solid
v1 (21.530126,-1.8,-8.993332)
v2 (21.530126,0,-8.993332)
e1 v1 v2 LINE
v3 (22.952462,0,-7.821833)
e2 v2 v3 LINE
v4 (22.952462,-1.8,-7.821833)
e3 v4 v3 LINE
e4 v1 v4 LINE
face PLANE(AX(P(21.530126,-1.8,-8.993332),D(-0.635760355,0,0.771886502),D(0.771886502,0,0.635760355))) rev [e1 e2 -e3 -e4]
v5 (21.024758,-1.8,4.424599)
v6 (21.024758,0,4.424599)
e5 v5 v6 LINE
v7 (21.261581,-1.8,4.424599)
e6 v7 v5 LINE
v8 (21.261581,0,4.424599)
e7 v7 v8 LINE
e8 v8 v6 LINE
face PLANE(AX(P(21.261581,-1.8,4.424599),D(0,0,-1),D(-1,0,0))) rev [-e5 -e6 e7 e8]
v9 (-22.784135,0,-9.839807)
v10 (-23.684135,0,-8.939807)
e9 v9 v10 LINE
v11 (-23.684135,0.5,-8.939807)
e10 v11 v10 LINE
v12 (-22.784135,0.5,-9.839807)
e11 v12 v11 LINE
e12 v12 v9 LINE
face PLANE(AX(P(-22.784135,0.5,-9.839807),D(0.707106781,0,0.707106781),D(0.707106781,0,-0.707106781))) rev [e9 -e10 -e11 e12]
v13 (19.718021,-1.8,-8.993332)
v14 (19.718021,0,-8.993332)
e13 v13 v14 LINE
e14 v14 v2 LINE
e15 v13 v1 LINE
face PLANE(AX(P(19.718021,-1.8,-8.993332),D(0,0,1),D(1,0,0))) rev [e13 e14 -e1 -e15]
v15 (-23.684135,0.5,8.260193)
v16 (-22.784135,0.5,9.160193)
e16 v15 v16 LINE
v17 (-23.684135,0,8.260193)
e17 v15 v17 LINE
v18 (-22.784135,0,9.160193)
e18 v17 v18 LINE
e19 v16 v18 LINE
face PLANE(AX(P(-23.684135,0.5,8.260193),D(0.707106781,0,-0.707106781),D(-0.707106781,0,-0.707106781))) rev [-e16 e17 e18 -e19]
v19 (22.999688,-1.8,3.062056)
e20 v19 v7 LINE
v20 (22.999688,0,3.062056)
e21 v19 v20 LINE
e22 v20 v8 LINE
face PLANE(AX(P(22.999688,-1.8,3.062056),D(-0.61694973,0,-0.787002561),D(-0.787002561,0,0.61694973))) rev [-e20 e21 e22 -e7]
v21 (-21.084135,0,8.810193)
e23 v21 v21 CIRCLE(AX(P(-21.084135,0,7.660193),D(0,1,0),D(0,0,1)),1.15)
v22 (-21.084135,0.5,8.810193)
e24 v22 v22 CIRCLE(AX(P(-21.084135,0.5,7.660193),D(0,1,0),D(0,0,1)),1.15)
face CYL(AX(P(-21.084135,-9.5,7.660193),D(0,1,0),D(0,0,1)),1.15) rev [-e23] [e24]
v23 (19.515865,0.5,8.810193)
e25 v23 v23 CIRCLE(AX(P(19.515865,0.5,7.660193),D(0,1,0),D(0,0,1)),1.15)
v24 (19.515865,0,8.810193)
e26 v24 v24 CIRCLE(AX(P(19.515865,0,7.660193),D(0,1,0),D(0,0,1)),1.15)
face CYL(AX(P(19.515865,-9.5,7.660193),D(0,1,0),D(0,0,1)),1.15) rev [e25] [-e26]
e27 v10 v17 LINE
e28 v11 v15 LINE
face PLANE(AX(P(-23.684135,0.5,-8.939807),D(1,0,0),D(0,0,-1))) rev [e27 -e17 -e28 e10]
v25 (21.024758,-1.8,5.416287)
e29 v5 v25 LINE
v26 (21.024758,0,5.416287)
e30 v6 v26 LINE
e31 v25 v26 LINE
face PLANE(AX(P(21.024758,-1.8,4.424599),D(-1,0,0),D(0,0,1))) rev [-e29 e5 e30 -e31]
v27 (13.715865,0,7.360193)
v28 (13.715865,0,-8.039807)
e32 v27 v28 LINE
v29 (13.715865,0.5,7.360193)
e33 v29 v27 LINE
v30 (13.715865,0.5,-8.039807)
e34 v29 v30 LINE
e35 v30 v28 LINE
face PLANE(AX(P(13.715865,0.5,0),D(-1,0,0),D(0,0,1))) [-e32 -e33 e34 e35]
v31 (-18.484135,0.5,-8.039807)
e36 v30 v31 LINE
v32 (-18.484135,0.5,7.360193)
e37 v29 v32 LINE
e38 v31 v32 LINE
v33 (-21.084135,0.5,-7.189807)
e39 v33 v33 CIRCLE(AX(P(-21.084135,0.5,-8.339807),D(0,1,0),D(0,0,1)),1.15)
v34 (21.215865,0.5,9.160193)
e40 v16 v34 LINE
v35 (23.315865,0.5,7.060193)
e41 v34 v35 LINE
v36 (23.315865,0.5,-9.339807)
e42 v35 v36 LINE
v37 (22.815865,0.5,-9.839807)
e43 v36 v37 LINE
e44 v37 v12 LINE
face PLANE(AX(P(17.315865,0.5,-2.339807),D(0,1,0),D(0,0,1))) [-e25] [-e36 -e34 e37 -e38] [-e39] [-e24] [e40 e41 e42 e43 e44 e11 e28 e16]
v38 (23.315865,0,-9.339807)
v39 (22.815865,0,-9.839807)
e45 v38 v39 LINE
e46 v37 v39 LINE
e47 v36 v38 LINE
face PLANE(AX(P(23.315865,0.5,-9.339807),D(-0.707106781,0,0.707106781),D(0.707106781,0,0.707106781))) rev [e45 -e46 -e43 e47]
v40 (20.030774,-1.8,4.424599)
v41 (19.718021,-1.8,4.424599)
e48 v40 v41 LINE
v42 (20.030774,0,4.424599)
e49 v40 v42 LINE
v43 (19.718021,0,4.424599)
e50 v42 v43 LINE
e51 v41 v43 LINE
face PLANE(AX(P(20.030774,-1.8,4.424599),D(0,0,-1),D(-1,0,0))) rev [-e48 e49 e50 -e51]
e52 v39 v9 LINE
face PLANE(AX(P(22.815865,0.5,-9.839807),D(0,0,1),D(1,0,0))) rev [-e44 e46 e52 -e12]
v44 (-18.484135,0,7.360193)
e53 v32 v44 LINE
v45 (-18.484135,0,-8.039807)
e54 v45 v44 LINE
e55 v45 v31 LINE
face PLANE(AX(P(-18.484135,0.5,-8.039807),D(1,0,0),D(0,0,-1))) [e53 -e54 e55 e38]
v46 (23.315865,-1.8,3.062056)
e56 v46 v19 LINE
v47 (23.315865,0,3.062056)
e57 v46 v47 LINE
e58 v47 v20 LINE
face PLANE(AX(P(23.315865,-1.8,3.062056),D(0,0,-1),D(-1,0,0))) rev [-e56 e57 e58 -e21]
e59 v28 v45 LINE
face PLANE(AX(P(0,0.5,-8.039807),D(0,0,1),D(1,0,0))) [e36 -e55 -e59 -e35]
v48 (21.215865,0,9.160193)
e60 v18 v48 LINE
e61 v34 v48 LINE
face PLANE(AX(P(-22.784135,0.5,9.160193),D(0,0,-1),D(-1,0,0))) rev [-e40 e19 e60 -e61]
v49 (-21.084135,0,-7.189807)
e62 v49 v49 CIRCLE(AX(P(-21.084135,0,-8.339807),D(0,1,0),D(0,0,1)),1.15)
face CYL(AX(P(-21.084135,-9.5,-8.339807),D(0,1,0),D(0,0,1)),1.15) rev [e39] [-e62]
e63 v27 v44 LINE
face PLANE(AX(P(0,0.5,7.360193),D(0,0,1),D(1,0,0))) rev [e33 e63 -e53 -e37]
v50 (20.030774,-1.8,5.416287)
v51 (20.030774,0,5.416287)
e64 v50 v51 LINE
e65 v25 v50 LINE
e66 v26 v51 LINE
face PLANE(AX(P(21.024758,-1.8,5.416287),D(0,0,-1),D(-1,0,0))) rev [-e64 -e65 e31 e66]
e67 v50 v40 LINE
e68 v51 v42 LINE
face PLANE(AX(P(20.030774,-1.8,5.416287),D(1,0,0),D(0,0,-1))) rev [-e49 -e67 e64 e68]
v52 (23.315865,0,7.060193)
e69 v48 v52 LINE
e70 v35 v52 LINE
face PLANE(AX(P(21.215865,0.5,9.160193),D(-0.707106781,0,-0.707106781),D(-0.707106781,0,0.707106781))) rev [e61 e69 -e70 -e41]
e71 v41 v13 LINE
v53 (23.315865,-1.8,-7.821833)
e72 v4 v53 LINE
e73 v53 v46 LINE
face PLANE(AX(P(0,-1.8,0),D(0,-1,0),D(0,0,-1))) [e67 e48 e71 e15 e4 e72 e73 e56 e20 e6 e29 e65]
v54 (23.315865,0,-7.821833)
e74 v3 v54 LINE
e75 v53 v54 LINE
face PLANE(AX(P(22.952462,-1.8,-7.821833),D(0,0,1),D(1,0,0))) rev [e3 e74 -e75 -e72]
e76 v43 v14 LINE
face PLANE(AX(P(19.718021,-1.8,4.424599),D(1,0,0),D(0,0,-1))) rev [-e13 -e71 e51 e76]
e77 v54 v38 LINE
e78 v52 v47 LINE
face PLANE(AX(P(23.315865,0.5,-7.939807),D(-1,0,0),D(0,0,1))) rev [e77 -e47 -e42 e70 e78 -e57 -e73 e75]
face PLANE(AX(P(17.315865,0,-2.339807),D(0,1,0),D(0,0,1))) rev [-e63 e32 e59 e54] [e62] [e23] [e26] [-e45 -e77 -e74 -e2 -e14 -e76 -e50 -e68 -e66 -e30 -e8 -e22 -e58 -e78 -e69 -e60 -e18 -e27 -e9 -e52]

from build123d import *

# Parameters (mm, degrees)
EXTRUDE_1_DEPTH     = 0.5
EXTRUDE_2_DEPTH     = 0.5
SKETCH_3_W          = 32.2
SKETCH_3_H          = 15.4
EXTRUDE_3_DEPTH     = 0.5
EXTRUDE_4_DEPTH     = 1.8
SKETCH_7_R          = 1.15
CUT_EXTRUDE_1_DEPTH = 10


with BuildPart() as part:
    # Эскиз1 → Бобышка-Вытянуть1 (new body)
    with BuildSketch(Plane(origin=(0, 0, 0), x_dir=(1, 0, 0), z_dir=(0, 1, 0))):
        with BuildLine():
            Line((22.815864902, 9.839807024), (-22.784135098, 9.839807024))
            Line((-22.784135098, 9.839807024), (-23.684135098, 8.939807024))
            Line((-23.684135098, 8.939807024), (-23.684135098, -8.260192976))
            Line((-23.684135098, -8.260192976), (-22.784135098, -9.160192976))
            Line((-22.784135098, -9.160192976), (21.215864902, -9.160192976))
            Line((21.215864902, -9.160192976), (23.315864902, -7.060192976))
            Line((23.315864902, -7.060192976), (23.315864902, -3.260192976))
            Line((23.315864902, -3.260192976), (23.029007645, -3.260192976))
            ThreePointArc((23.029007645, -3.260192976), (22.159773793, -4.027024735), (21.188848248, -4.660192976))
            Line((21.188848248, -4.660192976), (21.188848248, -5.660192976))
            Line((21.188848248, -5.660192976), (19.888848248, -5.660192976))
            Line((19.888848248, -5.660192976), (19.888848248, -4.660192976))
            Line((19.888848248, -4.660192976), (17.315864902, -4.660192976))
            Line((17.315864902, -4.660192976), (17.315864902, -8.360192976))
            Line((17.315864902, -8.360192976), (-18.884135098, -8.360192976))
            Line((-18.884135098, -8.360192976), (-18.884135098, -6.660192976))
            Line((-18.884135098, -6.660192976), (-19.684135098, -5.860192976))
            Line((-19.684135098, -5.860192976), (-19.684135098, 6.539807024))
            Line((-19.684135098, 6.539807024), (-18.884135098, 7.339807024))
            Line((-18.884135098, 7.339807024), (-18.884135098, 9.039807024))
            Line((-18.884135098, 9.039807024), (17.315864902, 9.039807024))
            Line((17.315864902, 9.039807024), (17.315864902, 8.539807024))
            ThreePointArc((17.315864902, 8.539807024), (18.329503431, 8.456385882), (19.315864902, 8.208367324))
            Line((19.315864902, 8.208367324), (19.315864902, 9.139807024))
            Line((19.315864902, 9.139807024), (21.530126403, 9.139807024))
            ThreePointArc((21.530126403, 9.139807024), (22.315698775, 8.584938027), (23.029007645, 7.939807024))
            Line((23.029007645, 7.939807024), (23.315864902, 7.939807024))
            Line((23.315864902, 7.939807024), (23.315864902, 9.339807024))
            Line((23.315864902, 9.339807024), (22.815864902, 9.839807024))
        make_face()
        with BuildLine():
            ThreePointArc((18.565864902, -7.660192976), (19.515864902, -8.610192976), (20.465864902, -7.660192976))
            ThreePointArc((20.465864902, -7.660192976), (19.515864902, -6.710192976), (18.565864902, -7.660192976))
        make_face(mode=Mode.SUBTRACT)
        with BuildLine():
            ThreePointArc((-22.034135098, -7.660192976), (-21.084135098, -8.610192976), (-20.134135098, -7.660192976))
            ThreePointArc((-20.134135098, -7.660192976), (-21.084135098, -6.710192976), (-22.034135098, -7.660192976))
        make_face(mode=Mode.SUBTRACT)
        with BuildLine():
            ThreePointArc((-22.034135098, 8.339807024), (-21.084135098, 7.389807024), (-20.134135098, 8.339807024))
            ThreePointArc((-20.134135098, 8.339807024), (-21.084135098, 9.289807024), (-22.034135098, 8.339807024))
        make_face(mode=Mode.SUBTRACT)
    extrude(amount=EXTRUDE_1_DEPTH)

    # Эскиз2 → Бобышка-Вытянуть2 (add)
    with BuildSketch(Plane(origin=(0, 0, 0), x_dir=(-1, 0, 0), z_dir=(0, -1, 0))):
        Polygon((-17.315864902, -4.660192976), (-17.315864902, 9.839807024), (-22.815864902, 9.839807024), (-23.315864902, 9.339807024), (-23.315864902, -7.060192976), (-21.188848248, -5.660192976), (-17.315864902, -5.660192976), align=None)
    extrude(amount=-EXTRUDE_2_DEPTH)

    # Эскиз3 → Бобышка-Вытянуть3 (add)
    with BuildSketch(Plane(origin=(0, 0, 0), x_dir=(-1, 0, 0), z_dir=(0, -1, 0))):
        Polygon((18.884135098, -8.360192976), (18.884135098, -7.760192976), (19.728041262, -7.760192976), (19.728041262, 8.039807024), (18.884135098, 8.039807024), (18.884135098, 9.039807024), (-17.315864902, 9.039807024), (-17.315864902, -8.360192976), align=None)
        with Locations((2.384135098, 0.339807024)):
            Rectangle(SKETCH_3_W, SKETCH_3_H, mode=Mode.SUBTRACT)
    extrude(amount=-EXTRUDE_3_DEPTH)

    # Эскиз6 → Бобышка-Вытянуть4 (add)
    with BuildSketch(Plane(origin=(0, 0, 0), x_dir=(1, 0, 0), z_dir=(0, 1, 0))):
        Polygon((23.315864902, 7.821832851), (23.315864902, -3.062056468), (22.999687869, -3.062056468), (21.261580991, -4.424599137), (21.024758243, -4.424599137), (21.024758243, -5.416287347), (20.030773613, -5.416287347), (20.030773613, -4.424599137), (19.718020582, -4.424599137), (19.718020582, 8.99333189), (21.530126403, 8.99333189), (22.952461546, 7.821832851), align=None)
    extrude(amount=-EXTRUDE_4_DEPTH)

    # Эскиз7 → Вырез-Вытянуть1 (cut)
    with BuildSketch(Plane(origin=(0, 0.5, 0), x_dir=(1, 0, 0), z_dir=(0, 1, 0))):
        with Locations(Location((-21.084135098, 8.339807024, 0), (0, 0, 270))):
            Circle(SKETCH_7_R)
        with Locations(Location((-21.084135098, -7.660192976, 0), (0, 0, 270))):
            Circle(SKETCH_7_R)
        with Locations(Location((19.515864902, -7.660192976, 0), (0, 0, 270))):
            Circle(SKETCH_7_R)
    extrude(amount=-CUT_EXTRUDE_1_DEPTH, mode=Mode.SUBTRACT)


solid = part.part
